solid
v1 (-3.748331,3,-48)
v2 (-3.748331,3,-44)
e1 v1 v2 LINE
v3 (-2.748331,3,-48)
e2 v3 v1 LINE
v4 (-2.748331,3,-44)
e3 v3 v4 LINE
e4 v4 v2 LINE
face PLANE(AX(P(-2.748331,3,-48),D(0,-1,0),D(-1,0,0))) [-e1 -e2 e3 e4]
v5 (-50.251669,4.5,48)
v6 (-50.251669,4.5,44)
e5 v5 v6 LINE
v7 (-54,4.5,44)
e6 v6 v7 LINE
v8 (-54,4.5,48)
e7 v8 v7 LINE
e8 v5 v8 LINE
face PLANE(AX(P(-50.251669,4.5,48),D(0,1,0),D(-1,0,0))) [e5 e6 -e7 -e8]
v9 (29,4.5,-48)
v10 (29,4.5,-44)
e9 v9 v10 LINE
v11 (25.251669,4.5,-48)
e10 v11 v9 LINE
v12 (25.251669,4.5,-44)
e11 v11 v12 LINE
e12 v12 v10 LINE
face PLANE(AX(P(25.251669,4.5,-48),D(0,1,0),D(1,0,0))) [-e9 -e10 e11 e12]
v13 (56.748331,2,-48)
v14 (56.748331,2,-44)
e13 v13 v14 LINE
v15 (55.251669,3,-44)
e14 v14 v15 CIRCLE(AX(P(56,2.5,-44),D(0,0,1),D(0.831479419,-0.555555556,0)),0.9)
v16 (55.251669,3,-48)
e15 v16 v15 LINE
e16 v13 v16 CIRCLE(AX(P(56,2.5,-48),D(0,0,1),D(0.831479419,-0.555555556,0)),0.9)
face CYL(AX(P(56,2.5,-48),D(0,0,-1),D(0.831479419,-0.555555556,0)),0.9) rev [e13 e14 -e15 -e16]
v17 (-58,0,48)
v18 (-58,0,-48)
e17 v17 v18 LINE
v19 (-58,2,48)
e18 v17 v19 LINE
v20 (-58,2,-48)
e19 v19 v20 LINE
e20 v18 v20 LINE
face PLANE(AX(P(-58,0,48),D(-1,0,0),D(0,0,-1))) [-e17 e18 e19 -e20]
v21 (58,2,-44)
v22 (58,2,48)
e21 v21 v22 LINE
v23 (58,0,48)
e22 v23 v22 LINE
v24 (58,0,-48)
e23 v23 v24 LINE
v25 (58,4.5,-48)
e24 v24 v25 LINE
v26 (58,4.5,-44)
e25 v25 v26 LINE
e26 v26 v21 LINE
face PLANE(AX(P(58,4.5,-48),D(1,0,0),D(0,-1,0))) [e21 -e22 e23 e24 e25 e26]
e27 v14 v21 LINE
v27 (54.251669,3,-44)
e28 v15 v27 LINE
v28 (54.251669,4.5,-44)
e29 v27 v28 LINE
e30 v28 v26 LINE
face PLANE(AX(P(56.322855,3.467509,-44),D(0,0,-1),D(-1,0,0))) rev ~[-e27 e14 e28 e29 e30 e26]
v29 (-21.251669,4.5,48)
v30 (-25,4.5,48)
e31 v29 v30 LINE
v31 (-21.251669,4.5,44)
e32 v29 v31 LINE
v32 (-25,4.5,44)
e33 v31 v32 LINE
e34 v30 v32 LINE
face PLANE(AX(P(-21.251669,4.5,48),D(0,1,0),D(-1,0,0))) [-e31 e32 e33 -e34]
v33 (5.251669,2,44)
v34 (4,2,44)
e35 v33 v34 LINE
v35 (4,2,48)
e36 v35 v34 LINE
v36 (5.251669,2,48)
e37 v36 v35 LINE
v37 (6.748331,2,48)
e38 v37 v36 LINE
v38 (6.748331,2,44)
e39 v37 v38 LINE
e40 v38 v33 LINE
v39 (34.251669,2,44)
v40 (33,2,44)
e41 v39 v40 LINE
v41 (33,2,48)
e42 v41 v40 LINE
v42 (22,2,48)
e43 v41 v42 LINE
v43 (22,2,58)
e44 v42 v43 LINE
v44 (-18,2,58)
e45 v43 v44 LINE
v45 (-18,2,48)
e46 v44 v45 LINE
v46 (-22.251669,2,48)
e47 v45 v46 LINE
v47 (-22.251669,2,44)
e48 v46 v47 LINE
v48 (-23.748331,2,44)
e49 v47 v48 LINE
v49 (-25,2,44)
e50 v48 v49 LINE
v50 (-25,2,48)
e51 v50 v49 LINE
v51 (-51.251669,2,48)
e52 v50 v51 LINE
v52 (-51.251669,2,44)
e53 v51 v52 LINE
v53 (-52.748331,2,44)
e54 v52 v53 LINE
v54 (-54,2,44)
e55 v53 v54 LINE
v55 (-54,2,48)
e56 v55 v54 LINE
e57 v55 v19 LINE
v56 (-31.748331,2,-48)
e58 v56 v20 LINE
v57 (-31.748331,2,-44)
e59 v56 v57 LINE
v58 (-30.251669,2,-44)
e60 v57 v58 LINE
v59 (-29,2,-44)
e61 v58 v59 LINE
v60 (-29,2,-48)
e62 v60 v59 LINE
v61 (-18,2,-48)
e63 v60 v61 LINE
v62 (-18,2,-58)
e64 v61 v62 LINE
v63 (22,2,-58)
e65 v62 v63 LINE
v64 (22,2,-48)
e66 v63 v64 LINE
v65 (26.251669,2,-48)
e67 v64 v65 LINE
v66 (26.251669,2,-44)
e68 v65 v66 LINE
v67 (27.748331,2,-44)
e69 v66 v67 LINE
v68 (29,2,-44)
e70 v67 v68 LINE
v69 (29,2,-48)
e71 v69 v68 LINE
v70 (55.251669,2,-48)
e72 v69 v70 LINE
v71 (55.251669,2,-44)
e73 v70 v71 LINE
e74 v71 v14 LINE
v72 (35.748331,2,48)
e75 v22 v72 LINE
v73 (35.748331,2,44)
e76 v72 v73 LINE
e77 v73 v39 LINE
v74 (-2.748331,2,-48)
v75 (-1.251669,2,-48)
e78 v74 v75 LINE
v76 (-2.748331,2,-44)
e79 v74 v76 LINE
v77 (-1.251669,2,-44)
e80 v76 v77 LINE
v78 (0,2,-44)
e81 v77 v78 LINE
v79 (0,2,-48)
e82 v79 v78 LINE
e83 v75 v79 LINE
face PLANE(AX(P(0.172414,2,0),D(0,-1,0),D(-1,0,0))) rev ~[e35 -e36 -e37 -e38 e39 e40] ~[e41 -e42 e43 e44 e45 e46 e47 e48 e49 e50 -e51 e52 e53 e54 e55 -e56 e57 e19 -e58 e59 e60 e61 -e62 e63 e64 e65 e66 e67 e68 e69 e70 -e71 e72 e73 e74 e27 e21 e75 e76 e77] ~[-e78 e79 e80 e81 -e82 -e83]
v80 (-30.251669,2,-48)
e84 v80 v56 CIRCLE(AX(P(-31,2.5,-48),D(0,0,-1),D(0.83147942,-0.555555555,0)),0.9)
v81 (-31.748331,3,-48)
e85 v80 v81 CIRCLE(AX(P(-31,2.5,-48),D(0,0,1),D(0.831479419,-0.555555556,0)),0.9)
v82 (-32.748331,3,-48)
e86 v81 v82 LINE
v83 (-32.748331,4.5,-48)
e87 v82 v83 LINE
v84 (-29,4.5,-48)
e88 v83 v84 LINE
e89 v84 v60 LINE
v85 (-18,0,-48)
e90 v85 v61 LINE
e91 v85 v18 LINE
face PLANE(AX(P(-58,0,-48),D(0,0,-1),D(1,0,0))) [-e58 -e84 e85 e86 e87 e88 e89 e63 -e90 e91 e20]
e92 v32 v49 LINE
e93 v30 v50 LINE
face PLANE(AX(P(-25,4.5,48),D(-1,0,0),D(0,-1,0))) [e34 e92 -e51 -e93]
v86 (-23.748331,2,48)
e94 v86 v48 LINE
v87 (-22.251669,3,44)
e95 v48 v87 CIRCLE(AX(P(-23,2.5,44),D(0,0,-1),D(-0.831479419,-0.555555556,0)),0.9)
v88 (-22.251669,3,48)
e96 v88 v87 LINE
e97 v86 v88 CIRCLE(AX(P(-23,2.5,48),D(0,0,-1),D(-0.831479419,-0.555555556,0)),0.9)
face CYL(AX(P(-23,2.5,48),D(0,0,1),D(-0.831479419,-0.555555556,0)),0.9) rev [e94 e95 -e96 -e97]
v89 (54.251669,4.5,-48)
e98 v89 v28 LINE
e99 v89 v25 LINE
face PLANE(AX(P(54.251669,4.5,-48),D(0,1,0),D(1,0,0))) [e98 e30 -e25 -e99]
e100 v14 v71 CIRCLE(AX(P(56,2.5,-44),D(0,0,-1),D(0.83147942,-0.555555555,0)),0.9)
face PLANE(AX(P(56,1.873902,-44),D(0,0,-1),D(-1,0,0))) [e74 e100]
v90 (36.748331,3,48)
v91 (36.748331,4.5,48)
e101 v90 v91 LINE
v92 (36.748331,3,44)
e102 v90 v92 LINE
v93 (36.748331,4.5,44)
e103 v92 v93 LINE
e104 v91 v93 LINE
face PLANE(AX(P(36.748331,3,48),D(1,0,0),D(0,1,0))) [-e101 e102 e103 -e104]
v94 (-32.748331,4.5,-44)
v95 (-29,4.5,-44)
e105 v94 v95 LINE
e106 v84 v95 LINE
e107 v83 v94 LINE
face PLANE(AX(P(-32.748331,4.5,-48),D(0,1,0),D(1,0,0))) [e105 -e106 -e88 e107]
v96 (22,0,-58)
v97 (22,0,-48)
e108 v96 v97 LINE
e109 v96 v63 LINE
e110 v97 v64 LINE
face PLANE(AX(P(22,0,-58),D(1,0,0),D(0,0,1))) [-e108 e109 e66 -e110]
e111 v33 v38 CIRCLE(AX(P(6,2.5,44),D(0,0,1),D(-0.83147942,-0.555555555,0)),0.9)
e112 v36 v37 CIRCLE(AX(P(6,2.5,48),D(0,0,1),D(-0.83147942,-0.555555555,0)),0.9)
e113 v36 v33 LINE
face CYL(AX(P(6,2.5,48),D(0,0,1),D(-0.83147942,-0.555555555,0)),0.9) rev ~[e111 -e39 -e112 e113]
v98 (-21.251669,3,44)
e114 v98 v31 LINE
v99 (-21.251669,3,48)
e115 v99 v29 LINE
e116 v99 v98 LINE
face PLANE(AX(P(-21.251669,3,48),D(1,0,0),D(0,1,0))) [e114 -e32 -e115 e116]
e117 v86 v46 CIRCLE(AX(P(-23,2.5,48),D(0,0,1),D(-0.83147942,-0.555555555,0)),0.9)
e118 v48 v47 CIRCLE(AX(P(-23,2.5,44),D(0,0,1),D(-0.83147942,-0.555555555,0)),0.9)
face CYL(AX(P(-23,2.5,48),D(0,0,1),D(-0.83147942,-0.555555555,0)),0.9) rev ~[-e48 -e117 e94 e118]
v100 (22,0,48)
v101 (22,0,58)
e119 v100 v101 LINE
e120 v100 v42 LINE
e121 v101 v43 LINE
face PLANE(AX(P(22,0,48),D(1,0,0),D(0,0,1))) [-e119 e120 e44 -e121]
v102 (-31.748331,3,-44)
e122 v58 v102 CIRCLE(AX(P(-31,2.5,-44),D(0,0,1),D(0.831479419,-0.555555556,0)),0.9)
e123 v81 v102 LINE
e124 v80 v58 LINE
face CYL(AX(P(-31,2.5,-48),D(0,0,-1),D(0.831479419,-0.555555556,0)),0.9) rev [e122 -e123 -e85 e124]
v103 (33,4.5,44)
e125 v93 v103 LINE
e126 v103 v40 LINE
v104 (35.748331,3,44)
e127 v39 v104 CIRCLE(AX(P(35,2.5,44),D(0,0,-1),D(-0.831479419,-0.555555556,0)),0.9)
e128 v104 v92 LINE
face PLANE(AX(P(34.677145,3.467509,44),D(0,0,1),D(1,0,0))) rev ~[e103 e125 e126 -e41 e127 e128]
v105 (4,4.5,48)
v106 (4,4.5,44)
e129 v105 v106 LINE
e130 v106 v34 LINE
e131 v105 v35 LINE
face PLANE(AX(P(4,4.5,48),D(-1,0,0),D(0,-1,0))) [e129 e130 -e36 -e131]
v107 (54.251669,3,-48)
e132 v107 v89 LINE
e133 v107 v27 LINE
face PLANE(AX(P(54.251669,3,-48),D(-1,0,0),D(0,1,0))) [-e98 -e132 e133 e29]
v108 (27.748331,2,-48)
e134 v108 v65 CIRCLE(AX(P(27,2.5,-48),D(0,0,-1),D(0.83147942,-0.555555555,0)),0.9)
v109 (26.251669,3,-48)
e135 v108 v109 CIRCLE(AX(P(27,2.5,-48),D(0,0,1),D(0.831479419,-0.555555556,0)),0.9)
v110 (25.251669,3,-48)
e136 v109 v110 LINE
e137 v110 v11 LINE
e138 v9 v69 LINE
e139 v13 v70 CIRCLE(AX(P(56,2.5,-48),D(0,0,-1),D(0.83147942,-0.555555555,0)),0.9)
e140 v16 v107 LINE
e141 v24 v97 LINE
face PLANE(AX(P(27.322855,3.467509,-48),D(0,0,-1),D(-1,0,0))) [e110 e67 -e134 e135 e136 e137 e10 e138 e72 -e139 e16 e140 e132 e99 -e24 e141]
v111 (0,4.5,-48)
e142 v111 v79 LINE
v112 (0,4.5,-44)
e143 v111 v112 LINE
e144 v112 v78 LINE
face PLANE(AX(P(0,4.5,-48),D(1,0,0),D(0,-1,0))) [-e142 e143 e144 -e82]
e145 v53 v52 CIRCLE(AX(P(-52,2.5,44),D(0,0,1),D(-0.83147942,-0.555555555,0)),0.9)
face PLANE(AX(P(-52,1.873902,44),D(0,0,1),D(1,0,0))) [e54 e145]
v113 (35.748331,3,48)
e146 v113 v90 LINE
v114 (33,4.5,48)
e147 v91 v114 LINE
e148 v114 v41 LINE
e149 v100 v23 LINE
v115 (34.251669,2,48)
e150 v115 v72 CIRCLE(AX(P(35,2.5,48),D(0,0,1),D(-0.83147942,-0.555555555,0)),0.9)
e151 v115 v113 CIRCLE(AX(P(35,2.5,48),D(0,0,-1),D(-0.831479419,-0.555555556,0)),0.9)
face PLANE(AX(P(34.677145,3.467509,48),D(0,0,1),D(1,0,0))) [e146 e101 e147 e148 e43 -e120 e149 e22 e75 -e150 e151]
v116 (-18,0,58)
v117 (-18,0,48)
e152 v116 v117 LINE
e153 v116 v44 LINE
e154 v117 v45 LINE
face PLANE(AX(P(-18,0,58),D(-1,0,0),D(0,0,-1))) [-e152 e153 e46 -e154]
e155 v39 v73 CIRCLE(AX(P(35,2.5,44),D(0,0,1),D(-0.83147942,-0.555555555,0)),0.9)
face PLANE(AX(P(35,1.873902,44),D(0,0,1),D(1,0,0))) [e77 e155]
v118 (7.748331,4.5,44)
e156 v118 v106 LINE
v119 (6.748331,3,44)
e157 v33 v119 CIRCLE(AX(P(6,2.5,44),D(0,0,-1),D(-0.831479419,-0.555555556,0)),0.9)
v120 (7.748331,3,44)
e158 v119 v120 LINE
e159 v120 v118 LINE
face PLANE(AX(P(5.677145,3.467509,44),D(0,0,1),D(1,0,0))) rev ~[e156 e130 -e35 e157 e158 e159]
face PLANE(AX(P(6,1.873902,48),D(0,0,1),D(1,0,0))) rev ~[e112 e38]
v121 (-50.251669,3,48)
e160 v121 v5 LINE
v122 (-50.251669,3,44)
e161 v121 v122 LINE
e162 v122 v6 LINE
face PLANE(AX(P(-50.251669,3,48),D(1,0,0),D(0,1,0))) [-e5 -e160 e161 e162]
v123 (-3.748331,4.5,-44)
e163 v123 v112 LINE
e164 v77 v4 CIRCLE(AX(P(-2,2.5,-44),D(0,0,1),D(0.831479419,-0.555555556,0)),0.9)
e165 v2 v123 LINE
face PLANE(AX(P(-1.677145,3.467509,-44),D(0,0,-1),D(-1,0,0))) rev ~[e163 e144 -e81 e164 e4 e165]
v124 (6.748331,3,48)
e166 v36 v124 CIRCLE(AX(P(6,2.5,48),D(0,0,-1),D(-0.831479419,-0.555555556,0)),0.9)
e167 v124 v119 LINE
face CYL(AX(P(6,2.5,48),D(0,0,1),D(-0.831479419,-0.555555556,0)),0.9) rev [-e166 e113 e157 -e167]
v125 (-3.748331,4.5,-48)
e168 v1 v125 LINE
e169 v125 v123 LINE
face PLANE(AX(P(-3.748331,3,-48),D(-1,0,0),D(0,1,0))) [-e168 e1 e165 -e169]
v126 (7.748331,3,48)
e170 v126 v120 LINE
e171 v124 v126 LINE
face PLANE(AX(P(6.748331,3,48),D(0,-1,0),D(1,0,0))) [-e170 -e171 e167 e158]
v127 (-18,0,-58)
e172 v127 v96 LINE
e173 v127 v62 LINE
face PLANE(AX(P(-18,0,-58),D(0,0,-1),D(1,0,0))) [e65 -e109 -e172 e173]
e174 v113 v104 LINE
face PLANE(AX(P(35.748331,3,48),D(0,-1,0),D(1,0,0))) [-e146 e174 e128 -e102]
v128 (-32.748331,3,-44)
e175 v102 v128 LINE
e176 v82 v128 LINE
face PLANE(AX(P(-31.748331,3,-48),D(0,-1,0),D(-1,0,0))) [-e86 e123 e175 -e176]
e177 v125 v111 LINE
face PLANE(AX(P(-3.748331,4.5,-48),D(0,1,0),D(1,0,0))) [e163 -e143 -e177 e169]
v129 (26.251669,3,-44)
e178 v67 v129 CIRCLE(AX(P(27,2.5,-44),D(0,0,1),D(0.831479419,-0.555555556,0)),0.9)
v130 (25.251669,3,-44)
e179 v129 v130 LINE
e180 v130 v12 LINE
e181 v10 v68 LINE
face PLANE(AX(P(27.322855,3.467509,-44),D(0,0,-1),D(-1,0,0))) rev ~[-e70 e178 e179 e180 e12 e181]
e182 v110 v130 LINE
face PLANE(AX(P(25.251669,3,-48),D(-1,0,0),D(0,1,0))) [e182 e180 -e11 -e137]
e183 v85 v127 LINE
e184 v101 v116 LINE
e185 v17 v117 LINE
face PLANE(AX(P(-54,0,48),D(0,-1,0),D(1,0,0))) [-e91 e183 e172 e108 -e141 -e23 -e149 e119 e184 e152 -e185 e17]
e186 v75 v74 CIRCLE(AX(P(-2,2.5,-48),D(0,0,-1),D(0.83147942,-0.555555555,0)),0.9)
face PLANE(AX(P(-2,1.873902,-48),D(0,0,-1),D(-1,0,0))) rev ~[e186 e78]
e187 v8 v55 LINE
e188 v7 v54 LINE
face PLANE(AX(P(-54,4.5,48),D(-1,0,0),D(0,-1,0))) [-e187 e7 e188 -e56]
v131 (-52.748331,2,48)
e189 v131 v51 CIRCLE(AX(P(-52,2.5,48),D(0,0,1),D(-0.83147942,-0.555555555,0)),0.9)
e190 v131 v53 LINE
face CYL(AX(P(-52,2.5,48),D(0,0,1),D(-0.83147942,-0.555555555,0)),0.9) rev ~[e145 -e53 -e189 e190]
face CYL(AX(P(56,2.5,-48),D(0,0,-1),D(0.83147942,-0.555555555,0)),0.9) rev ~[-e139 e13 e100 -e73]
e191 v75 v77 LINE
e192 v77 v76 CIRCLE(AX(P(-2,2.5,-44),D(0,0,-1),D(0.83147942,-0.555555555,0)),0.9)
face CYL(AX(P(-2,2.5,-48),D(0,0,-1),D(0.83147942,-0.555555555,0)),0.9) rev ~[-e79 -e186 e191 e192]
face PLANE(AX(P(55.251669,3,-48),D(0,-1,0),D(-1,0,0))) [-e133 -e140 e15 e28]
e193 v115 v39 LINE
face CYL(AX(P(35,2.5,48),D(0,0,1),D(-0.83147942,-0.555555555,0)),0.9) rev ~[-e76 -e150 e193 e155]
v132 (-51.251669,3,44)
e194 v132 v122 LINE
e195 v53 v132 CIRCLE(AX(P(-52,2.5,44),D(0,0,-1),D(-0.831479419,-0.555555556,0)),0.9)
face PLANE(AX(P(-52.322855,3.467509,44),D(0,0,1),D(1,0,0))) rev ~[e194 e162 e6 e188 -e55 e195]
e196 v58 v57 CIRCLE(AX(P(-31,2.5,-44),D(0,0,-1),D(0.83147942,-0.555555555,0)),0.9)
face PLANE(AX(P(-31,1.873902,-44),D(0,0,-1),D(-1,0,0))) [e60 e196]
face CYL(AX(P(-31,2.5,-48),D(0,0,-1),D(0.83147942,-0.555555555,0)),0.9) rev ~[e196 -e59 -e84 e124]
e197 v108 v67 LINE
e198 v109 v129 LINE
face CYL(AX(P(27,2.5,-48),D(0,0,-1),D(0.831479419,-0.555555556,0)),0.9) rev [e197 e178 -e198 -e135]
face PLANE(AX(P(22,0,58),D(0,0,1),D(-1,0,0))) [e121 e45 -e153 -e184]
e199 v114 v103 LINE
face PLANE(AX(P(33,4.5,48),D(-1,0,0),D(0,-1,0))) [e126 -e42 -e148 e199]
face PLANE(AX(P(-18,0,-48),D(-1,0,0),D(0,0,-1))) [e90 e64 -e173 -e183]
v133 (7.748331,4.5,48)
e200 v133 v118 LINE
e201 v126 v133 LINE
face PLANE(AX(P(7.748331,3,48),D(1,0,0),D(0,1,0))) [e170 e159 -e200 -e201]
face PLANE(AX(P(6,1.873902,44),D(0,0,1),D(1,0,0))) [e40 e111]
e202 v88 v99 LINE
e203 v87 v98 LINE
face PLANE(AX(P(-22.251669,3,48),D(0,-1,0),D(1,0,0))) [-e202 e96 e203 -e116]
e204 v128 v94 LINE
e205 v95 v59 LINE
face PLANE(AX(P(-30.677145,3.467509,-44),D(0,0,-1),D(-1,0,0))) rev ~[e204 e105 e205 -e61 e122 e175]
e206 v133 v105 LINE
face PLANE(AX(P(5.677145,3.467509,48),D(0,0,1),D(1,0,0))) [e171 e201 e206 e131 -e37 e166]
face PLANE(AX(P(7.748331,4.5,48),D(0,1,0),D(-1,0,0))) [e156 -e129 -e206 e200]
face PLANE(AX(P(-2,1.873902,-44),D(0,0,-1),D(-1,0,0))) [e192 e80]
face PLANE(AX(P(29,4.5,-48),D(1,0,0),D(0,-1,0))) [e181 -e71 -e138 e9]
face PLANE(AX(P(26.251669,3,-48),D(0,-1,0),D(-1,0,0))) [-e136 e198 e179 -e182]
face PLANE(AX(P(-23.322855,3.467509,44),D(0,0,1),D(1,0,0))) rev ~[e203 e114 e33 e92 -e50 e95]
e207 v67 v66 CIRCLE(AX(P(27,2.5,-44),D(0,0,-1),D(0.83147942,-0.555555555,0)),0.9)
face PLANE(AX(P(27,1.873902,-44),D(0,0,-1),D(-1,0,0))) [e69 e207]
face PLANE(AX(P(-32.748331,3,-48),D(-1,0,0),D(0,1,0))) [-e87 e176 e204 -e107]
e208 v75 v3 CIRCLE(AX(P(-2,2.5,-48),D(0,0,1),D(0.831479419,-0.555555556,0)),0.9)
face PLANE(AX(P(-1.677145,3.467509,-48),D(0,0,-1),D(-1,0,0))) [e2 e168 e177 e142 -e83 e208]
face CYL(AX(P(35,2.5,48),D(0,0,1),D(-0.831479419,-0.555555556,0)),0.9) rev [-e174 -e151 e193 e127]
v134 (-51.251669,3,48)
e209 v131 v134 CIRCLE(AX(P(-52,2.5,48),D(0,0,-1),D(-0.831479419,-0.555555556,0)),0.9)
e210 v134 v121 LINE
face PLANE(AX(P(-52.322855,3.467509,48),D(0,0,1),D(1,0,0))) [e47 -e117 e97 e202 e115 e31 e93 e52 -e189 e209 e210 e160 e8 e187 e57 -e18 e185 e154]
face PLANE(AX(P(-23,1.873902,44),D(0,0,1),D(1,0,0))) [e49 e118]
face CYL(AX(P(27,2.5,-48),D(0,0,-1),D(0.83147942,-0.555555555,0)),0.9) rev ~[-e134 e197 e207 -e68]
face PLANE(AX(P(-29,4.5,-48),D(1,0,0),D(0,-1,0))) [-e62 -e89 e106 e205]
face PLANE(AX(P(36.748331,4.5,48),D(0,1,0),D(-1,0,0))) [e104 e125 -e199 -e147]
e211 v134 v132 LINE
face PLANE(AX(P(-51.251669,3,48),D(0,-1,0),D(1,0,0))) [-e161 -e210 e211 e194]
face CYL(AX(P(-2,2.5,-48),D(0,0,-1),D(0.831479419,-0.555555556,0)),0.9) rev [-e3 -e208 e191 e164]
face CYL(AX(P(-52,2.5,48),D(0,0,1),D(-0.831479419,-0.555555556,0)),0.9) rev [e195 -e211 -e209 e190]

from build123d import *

# Parameters (mm, degrees)
BOSS_EXTRUDE1_DEPTH    = 2
BOSS_EXTRUDE2_DEPTH    = 4
CUT_EXTRUDE1_DEPTH     = 4
CIRPATTERN1_COUNT      = 2
LPATTERN4_COUNT        = 4
LPATTERN4_PITCH        = 29
LPATTERN4_COPY_1_DEPTH = 4
LPATTERN4_COPY_2_DEPTH = 4
LPATTERN4_COPY_3_DEPTH = 4
LPATTERN4_COPY_4_DEPTH = 4
LPATTERN4_COPY_5_DEPTH = 4
LPATTERN4_COPY_6_DEPTH = 4


with BuildPart() as part:
    # Sketch1 → Boss-Extrude1 (new body)
    with BuildSketch(Plane(origin=(0, 0, 0), x_dir=(1, 0, 0), z_dir=(0, 1, 0))):
        Polygon((-18, -58), (-18, -48), (-58, -48), (-58, 48), (-18, 48), (-18, 58), (22, 58), (22, 48), (58, 48), (58, -48), (22, -48), (22, -58), align=None)
    extrude(amount=BOSS_EXTRUDE1_DEPTH)

    # Sketch2 → Boss-Extrude2 (add)
    with BuildSketch(Plane(origin=(0, 0, -48), x_dir=(-1, 0, 0), z_dir=(0, 0, -1))):
        with BuildLine():
            ThreePointArc((-55.251668523, 2), (-56.9, 2.5), (-55.251668523, 3))
            Line((-55.251668523, 3), (-54.251668523, 3))
            Line((-54.251668523, 3), (-54.251668523, 4.5))
            Line((-54.251668523, 4.5), (-58, 4.5))
            Line((-58, 4.5), (-58, 0))
            Line((-58, 0), (-54.251668523, 0))
            Line((-54.251668523, 0), (-54.251668523, 2))
            Line((-54.251668523, 2), (-55.251668523, 2))
        make_face()
    boss_extrude2 = extrude(amount=-BOSS_EXTRUDE2_DEPTH)

    # Sketch2<3> → Cut-Extrude1 (cut)
    with BuildSketch(Plane(origin=(0, 0, -48), x_dir=(-1, 0, 0), z_dir=(0, 0, -1))):
        with BuildLine():
            Line((-55.251668523, 2), (-56.748331477, 2))
            ThreePointArc((-56.748331477, 2), (-56, 1.6), (-55.251668523, 2))
        make_face()
    cut_extrude1 = extrude(amount=-CUT_EXTRUDE1_DEPTH, mode=Mode.SUBTRACT)

    # CirPattern1: Boss-Extrude2, Cut-Extrude1 ×2 about axis
    cirpattern1_axis = Axis((45.5, 2, 0), (0, 1, 0))
    add([boss_extrude2.rotate(cirpattern1_axis, i * 360 / CIRPATTERN1_COUNT) for i in range(1, CIRPATTERN1_COUNT)])
    add([cut_extrude1.rotate(cirpattern1_axis, i * 360 / CIRPATTERN1_COUNT) for i in range(1, CIRPATTERN1_COUNT)], mode=Mode.SUBTRACT)

    # LPattern4: Boss-Extrude2, Cut-Extrude1 ×4
    with Locations(*[(-i * LPATTERN4_PITCH, 0, 0) for i in range(1, LPATTERN4_COUNT)]):
        add(boss_extrude2)
        add(cut_extrude1, mode=Mode.SUBTRACT)

    # LPattern4 copy 1 sketch → LPattern4 copy 1 (add)
    with BuildSketch(Plane(origin=(62, 0, 48), x_dir=(1, 0, 0), z_dir=(0, 0, 1))):
        with BuildLine():
            ThreePointArc((-55.251668523, 2), (-56.9, 2.5), (-55.251668523, 3))
            Line((-55.251668523, 3), (-54.251668523, 3))
            Line((-54.251668523, 3), (-54.251668523, 4.5))
            Line((-54.251668523, 4.5), (-58, 4.5))
            Line((-58, 4.5), (-58, 0))
            Line((-58, 0), (-54.251668523, 0))
            Line((-54.251668523, 0), (-54.251668523, 2))
            Line((-54.251668523, 2), (-55.251668523, 2))
        make_face()
    extrude(amount=-LPATTERN4_COPY_1_DEPTH)

    # LPattern4 copy 2 sketch → LPattern4 copy 2 (add)
    with BuildSketch(Plane(origin=(33, 0, 48), x_dir=(1, 0, 0), z_dir=(0, 0, 1))):
        with BuildLine():
            ThreePointArc((-55.251668523, 2), (-56.9, 2.5), (-55.251668523, 3))
            Line((-55.251668523, 3), (-54.251668523, 3))
            Line((-54.251668523, 3), (-54.251668523, 4.5))
            Line((-54.251668523, 4.5), (-58, 4.5))
            Line((-58, 4.5), (-58, 0))
            Line((-58, 0), (-54.251668523, 0))
            Line((-54.251668523, 0), (-54.251668523, 2))
            Line((-54.251668523, 2), (-55.251668523, 2))
        make_face()
    extrude(amount=-LPATTERN4_COPY_2_DEPTH)

    # LPattern4 copy 3 sketch → LPattern4 copy 3 (add)
    with BuildSketch(Plane(origin=(4, 0, 48), x_dir=(1, 0, 0), z_dir=(0, 0, 1))):
        with BuildLine():
            ThreePointArc((-55.251668523, 2), (-56.9, 2.5), (-55.251668523, 3))
            Line((-55.251668523, 3), (-54.251668523, 3))
            Line((-54.251668523, 3), (-54.251668523, 4.5))
            Line((-54.251668523, 4.5), (-58, 4.5))
            Line((-58, 4.5), (-58, 0))
            Line((-58, 0), (-54.251668523, 0))
            Line((-54.251668523, 0), (-54.251668523, 2))
            Line((-54.251668523, 2), (-55.251668523, 2))
        make_face()
    extrude(amount=-LPATTERN4_COPY_3_DEPTH)

    # LPattern4 copy 4 sketch → LPattern4 copy 4 (cut)
    with BuildSketch(Plane(origin=(62, 0, 48), x_dir=(1, 0, 0), z_dir=(0, 0, 1))):
        with BuildLine():
            Line((-55.251668523, 2), (-56.748331477, 2))
            ThreePointArc((-56.748331477, 2), (-56, 1.6), (-55.251668523, 2))
        make_face()
    extrude(amount=-LPATTERN4_COPY_4_DEPTH, mode=Mode.SUBTRACT)

    # LPattern4 copy 5 sketch → LPattern4 copy 5 (cut)
    with BuildSketch(Plane(origin=(33, 0, 48), x_dir=(1, 0, 0), z_dir=(0, 0, 1))):
        with BuildLine():
            Line((-55.251668523, 2), (-56.748331477, 2))
            ThreePointArc((-56.748331477, 2), (-56, 1.6), (-55.251668523, 2))
        make_face()
    extrude(amount=-LPATTERN4_COPY_5_DEPTH, mode=Mode.SUBTRACT)

    # LPattern4 copy 6 sketch → LPattern4 copy 6 (cut)
    with BuildSketch(Plane(origin=(4, 0, 48), x_dir=(1, 0, 0), z_dir=(0, 0, 1))):
        with BuildLine():
            Line((-55.251668523, 2), (-56.748331477, 2))
            ThreePointArc((-56.748331477, 2), (-56, 1.6), (-55.251668523, 2))
        make_face()
    extrude(amount=-LPATTERN4_COPY_6_DEPTH, mode=Mode.SUBTRACT)


solid = part.part
